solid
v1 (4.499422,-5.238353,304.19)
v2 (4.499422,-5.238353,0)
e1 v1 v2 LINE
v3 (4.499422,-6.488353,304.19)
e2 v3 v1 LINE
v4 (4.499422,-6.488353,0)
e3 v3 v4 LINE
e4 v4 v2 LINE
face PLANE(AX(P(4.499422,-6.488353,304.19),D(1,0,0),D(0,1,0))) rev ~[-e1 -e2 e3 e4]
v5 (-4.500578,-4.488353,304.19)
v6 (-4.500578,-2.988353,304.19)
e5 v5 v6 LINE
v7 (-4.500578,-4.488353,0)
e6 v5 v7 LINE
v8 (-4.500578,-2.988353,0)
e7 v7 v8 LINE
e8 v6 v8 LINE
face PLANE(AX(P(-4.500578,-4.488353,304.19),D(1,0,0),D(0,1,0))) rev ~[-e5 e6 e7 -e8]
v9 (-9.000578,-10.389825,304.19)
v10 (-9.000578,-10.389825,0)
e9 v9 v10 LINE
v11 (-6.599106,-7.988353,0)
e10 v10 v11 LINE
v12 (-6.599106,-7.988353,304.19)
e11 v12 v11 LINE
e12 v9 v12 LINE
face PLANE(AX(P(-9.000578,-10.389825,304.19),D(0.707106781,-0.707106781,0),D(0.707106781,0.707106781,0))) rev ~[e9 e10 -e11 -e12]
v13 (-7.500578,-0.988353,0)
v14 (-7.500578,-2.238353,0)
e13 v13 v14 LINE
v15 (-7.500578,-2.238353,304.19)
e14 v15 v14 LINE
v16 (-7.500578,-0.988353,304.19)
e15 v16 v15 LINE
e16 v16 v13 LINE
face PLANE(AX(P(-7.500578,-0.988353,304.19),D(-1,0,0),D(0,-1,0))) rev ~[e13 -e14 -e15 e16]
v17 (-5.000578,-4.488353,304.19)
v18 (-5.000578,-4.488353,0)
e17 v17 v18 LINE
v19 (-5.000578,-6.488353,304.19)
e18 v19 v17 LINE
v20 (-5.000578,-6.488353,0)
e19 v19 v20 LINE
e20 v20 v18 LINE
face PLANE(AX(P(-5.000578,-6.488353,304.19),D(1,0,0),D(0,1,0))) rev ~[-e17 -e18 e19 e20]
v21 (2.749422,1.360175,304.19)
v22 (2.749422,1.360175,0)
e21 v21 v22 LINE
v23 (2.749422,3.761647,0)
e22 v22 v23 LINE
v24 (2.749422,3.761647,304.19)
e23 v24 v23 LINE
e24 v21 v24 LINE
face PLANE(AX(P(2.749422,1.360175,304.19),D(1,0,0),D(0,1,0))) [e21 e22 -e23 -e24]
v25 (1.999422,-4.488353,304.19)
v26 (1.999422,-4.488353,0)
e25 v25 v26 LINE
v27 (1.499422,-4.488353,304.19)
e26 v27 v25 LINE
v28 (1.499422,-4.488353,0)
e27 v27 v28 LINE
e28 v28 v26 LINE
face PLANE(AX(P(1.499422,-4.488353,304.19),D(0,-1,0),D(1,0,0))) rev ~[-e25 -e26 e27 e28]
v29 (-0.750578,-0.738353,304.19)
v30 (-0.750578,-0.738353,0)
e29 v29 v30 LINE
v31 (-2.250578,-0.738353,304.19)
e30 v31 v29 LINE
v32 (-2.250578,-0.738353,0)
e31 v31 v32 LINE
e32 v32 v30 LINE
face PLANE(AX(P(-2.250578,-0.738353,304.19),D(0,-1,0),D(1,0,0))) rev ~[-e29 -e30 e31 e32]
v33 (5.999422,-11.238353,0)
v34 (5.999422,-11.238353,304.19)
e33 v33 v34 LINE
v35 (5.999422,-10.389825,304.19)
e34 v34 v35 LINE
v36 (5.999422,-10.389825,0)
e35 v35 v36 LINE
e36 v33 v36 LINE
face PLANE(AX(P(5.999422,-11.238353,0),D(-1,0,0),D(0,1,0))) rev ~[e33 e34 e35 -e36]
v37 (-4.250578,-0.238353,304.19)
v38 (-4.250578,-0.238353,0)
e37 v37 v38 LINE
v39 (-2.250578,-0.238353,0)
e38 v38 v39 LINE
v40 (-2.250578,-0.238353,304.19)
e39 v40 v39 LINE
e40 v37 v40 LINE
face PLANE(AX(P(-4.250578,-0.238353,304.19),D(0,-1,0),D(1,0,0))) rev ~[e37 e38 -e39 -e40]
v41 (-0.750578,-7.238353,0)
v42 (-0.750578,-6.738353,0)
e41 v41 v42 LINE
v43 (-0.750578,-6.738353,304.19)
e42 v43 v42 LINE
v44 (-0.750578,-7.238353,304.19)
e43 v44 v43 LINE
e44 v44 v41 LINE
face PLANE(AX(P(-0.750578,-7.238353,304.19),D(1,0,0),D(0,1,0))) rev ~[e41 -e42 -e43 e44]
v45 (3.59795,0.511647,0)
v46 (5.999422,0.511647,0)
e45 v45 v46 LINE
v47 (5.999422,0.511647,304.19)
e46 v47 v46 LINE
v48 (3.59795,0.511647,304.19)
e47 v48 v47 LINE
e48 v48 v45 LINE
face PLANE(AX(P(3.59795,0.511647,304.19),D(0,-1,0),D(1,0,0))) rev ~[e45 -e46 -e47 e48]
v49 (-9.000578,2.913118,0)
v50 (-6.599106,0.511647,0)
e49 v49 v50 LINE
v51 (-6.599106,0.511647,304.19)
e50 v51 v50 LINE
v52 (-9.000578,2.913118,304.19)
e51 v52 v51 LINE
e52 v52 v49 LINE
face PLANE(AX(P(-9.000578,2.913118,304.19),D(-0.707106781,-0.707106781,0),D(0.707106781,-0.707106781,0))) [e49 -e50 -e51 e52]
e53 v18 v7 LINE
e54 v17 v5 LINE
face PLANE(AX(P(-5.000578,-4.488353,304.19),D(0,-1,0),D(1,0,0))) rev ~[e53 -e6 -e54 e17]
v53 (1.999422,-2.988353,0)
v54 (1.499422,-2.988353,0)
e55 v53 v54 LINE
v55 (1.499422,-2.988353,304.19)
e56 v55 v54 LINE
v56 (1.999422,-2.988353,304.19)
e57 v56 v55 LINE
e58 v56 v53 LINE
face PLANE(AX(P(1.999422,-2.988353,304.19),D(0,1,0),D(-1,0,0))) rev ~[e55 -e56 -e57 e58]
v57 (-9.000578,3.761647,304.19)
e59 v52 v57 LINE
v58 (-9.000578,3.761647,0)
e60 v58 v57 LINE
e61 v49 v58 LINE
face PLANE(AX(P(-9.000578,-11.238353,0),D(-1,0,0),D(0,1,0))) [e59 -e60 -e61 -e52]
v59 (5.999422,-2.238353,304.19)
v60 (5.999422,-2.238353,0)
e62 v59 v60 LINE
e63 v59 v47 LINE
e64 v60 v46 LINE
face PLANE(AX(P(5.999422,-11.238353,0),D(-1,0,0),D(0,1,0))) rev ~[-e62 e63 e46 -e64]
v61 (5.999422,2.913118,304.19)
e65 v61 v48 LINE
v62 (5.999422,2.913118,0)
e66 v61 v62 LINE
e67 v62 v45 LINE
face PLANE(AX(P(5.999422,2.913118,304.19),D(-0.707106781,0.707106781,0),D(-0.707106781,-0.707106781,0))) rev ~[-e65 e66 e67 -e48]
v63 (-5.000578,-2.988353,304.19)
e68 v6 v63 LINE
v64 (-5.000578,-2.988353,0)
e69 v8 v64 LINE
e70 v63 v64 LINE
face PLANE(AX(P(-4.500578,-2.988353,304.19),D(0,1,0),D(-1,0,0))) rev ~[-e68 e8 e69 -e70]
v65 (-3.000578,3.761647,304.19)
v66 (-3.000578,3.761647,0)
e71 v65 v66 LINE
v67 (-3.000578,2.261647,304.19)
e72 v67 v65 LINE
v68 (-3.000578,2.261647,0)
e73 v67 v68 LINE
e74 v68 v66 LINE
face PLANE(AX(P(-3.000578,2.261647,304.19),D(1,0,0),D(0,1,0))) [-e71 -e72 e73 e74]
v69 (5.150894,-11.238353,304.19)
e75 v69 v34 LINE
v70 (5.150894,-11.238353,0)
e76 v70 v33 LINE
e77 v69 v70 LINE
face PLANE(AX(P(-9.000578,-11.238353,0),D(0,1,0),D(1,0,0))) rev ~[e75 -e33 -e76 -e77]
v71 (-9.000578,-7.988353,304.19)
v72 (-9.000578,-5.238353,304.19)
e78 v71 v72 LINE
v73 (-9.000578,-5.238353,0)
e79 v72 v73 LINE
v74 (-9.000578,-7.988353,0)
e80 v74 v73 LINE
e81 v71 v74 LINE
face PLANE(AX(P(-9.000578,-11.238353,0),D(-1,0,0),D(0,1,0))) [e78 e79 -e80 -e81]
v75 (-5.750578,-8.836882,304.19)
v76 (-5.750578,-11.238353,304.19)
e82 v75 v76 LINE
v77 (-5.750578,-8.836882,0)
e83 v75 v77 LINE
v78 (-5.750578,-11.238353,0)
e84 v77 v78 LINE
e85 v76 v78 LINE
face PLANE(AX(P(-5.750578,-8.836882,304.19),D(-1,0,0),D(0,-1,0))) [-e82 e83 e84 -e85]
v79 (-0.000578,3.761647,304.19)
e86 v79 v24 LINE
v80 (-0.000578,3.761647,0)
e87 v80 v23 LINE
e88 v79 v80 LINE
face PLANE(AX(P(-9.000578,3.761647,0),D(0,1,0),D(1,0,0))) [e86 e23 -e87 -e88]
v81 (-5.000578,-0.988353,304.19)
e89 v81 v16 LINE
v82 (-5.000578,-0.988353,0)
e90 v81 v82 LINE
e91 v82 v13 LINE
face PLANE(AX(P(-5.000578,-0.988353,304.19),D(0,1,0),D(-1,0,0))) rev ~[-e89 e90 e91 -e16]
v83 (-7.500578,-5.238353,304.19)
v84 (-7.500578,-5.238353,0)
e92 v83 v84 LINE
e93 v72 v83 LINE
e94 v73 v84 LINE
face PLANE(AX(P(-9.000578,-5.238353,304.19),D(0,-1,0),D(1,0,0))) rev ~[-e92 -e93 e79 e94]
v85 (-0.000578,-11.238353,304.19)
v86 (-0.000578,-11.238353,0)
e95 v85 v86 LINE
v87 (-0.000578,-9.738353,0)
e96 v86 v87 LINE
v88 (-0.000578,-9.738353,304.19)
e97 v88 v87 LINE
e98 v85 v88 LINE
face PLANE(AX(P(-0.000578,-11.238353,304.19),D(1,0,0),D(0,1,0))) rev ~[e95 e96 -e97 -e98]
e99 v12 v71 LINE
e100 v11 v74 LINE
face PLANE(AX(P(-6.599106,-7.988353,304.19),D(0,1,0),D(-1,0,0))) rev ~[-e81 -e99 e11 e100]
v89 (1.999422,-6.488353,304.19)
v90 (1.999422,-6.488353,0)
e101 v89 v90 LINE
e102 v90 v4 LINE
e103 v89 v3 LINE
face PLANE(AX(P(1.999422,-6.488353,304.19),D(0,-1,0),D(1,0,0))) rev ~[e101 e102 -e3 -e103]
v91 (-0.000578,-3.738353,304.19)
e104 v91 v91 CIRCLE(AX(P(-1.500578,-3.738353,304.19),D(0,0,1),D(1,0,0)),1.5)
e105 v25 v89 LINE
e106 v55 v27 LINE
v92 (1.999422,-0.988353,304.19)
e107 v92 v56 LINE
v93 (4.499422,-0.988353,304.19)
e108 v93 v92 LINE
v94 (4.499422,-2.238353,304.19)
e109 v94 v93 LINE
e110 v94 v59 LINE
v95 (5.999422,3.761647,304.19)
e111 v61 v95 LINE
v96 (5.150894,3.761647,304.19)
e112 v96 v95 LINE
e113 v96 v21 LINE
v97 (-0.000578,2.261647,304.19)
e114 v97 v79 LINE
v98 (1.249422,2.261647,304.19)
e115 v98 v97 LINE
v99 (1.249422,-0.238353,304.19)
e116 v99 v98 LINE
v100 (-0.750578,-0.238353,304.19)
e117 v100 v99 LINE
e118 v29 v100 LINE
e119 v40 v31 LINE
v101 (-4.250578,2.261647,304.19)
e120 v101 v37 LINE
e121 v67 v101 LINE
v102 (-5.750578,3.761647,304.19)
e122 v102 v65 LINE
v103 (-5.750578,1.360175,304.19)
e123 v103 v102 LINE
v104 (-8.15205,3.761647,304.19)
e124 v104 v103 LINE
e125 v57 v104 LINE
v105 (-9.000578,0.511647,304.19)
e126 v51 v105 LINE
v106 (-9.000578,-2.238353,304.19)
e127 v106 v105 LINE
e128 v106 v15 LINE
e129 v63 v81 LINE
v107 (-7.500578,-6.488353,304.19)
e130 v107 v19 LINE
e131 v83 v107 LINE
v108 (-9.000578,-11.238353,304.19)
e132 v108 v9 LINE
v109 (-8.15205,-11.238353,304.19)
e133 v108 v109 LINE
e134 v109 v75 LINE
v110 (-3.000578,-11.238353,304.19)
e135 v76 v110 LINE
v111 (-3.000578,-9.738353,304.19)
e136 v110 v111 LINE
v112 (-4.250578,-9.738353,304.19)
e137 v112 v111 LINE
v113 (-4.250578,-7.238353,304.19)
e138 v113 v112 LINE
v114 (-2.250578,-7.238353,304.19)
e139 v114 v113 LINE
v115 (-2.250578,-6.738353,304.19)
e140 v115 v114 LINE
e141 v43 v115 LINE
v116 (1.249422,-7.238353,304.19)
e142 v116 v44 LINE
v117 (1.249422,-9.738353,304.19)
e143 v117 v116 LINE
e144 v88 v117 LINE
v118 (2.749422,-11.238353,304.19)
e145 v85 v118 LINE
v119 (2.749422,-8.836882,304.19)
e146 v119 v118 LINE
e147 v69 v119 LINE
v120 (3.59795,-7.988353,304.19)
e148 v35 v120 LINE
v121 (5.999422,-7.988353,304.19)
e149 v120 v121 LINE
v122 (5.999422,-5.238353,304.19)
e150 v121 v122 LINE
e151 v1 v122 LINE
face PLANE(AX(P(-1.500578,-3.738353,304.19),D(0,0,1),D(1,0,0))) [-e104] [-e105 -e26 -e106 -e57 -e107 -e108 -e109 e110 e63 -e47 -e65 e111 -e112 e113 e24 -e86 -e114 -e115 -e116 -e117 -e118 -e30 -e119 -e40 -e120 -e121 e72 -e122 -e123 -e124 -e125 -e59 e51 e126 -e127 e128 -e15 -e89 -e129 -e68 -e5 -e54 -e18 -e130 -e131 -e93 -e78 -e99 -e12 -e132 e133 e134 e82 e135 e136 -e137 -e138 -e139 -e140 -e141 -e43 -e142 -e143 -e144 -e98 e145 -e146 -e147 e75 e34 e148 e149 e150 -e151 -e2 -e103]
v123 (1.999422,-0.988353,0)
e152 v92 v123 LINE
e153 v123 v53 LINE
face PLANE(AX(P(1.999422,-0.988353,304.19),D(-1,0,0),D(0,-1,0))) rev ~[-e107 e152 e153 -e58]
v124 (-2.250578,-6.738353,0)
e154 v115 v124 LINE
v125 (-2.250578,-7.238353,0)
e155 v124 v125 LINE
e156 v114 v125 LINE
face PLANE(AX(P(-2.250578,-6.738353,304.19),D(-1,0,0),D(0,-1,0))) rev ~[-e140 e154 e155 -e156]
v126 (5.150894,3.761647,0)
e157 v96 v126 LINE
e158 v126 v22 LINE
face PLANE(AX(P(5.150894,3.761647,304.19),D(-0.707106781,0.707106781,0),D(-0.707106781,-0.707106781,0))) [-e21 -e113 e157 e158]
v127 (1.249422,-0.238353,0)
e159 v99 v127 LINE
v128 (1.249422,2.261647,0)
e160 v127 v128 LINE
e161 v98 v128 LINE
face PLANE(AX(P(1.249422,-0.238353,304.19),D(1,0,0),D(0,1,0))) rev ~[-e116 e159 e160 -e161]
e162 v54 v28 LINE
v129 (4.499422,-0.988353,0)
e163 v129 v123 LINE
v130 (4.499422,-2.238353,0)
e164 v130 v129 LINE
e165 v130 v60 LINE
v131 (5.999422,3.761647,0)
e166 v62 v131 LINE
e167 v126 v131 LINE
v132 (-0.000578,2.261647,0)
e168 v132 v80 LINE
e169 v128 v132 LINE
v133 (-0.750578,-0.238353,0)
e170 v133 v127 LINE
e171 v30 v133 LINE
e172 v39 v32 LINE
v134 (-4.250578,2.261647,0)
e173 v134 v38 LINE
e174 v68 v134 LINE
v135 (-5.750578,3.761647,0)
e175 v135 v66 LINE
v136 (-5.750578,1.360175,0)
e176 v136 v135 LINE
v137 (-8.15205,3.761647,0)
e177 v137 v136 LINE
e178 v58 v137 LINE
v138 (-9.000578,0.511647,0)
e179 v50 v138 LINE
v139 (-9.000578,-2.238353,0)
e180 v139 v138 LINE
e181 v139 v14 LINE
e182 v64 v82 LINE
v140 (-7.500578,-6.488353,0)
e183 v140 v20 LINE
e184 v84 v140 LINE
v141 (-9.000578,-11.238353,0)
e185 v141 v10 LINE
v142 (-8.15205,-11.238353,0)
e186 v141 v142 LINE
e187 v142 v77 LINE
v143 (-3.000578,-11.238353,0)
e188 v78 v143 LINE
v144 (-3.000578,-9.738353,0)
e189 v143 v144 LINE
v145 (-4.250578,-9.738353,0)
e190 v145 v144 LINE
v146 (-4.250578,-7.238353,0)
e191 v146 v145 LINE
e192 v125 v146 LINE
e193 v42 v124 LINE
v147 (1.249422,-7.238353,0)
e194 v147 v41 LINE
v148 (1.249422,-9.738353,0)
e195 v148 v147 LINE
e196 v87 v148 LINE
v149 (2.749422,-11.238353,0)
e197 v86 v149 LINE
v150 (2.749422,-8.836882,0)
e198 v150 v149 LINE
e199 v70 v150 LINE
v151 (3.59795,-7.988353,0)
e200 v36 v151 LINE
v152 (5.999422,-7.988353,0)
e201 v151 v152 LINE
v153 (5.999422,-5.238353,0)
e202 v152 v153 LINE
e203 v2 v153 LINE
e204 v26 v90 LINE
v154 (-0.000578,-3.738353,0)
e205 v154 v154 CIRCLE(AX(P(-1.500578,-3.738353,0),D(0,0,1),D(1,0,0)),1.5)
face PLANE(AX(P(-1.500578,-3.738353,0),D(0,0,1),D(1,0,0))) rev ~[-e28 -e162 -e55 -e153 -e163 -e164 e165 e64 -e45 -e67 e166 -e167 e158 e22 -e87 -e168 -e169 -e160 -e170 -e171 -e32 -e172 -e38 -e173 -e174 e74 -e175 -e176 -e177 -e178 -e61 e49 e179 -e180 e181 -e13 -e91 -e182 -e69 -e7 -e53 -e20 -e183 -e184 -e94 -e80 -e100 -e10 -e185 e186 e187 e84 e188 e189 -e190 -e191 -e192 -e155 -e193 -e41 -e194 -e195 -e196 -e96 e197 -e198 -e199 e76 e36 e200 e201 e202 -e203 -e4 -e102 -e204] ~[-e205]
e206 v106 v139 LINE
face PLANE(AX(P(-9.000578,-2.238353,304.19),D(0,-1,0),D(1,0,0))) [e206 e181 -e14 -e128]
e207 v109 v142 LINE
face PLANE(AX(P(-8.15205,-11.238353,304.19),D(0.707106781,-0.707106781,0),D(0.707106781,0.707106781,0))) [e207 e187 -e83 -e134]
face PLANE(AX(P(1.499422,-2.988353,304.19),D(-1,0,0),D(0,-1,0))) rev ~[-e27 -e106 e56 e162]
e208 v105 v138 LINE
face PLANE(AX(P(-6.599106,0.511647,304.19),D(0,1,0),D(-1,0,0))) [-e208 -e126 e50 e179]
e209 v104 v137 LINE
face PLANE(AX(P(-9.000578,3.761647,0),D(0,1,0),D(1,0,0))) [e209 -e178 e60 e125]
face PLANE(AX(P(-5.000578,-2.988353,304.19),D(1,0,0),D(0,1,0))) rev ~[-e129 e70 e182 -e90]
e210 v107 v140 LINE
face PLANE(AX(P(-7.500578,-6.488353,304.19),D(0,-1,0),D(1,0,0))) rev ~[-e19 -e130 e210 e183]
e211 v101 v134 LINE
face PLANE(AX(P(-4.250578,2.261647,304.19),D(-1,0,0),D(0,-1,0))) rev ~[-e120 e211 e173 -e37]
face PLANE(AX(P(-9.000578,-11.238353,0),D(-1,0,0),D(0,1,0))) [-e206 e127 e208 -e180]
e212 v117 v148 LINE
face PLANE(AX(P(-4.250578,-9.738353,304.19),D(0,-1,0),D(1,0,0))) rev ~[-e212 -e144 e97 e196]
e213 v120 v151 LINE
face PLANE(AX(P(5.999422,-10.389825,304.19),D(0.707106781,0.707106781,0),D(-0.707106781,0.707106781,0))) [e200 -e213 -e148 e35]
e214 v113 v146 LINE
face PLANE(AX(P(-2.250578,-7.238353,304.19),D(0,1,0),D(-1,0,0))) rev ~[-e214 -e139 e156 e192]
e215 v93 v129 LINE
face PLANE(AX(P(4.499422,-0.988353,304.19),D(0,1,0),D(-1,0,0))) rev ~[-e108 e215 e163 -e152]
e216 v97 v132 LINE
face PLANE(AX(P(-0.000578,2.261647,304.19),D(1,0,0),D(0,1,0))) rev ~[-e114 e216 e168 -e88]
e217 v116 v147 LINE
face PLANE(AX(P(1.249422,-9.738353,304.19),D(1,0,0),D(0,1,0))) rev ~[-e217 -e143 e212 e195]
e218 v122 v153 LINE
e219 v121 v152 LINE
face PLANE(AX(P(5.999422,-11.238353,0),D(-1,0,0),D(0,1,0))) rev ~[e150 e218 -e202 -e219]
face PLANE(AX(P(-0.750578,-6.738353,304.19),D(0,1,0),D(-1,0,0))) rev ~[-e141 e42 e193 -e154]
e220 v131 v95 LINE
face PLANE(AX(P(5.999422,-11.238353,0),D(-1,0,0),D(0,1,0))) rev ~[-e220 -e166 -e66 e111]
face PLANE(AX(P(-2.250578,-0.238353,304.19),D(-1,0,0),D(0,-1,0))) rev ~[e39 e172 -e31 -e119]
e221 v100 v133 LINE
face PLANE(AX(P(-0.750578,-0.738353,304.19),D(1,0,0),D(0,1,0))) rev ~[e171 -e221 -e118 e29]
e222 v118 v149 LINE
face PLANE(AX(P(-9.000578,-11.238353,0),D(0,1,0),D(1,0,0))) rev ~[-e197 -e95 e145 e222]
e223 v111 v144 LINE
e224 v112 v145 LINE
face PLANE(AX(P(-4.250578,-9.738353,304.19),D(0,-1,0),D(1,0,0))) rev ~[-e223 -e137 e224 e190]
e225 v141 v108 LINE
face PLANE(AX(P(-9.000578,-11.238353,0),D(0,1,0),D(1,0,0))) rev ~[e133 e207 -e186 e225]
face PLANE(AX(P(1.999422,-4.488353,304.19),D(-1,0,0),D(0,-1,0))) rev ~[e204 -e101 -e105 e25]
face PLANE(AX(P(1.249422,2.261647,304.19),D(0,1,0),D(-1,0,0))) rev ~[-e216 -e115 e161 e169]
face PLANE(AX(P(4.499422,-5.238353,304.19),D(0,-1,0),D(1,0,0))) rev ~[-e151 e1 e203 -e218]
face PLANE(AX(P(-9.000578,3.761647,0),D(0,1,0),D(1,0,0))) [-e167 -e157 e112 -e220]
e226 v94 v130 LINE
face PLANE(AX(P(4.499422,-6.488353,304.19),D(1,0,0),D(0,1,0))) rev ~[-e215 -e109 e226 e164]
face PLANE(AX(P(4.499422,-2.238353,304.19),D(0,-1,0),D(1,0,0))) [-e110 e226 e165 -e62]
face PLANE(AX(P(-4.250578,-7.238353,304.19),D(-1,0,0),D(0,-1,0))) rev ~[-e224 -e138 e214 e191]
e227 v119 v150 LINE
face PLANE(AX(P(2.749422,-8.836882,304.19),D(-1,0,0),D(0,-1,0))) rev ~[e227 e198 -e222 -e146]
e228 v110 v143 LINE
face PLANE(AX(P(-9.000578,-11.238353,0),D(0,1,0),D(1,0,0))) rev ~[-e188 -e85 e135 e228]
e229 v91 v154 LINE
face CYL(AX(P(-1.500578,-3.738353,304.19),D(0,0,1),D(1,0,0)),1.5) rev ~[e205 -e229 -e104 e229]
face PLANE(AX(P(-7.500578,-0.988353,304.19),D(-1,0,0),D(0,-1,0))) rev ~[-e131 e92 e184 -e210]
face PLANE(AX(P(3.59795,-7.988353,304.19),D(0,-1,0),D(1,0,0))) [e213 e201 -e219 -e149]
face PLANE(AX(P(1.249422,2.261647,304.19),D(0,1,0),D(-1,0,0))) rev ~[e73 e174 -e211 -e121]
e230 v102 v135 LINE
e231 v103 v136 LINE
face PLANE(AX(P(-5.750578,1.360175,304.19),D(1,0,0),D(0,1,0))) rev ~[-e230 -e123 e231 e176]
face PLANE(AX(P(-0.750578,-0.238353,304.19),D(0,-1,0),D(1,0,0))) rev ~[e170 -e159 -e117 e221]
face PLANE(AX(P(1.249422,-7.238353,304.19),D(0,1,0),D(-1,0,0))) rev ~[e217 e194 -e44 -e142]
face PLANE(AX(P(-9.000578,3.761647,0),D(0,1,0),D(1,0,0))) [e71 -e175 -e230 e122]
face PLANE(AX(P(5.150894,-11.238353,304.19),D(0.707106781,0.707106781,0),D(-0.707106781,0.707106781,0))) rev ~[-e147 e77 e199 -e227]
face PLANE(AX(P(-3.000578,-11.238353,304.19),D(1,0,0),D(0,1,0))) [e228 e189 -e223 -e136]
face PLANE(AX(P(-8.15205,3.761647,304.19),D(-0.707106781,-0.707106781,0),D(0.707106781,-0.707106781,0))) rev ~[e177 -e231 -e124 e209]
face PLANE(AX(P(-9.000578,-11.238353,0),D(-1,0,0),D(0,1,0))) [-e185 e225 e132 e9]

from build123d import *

# Parameters (mm, degrees)
SKETCH1_W           = 15
SKETCH1_H           = 15
BOSS_EXTRUDE1_DEPTH = 304.19
SKETCH2_R           = 1.5
CUT_EXTRUDE1_DEPTH  = 304.19
SKETCH3_W           = 3
SKETCH3_H           = 1.5
SKETCH3_W_2         = 1.5
SKETCH3_H_2         = 3
CUT_EXTRUDE2_DEPTH  = 304.19


with BuildPart() as part:
    # Sketch1 → Boss-Extrude1 (new body)
    with BuildSketch(Plane.XY):
        with Locations((-1.500578266, -3.738353388)):
            Rectangle(SKETCH1_W, SKETCH1_H)
    extrude(amount=BOSS_EXTRUDE1_DEPTH)

    # Sketch2 → Cut-Extrude1 (cut)
    with BuildSketch(Plane.XY.offset(304.19)):
        with Locations((-1.500578266, -3.738353388)):
            Circle(SKETCH2_R)
        Polygon((1.999421734, -4.488353388), (1.999421734, -6.488353388), (4.499421734, -6.488353388), (4.499421734, -0.988353388), (1.999421734, -0.988353388), (1.999421734, -2.988353388), (1.499421734, -2.988353388), (1.499421734, -4.488353388), align=None)
        Polygon((-4.250578266, -7.238353388), (-4.250578266, -9.738353388), (1.249421734, -9.738353388), (1.249421734, -7.238353388), (-0.750578266, -7.238353388), (-0.750578266, -6.738353388), (-2.250578266, -6.738353388), (-2.250578266, -7.238353388), align=None)
        Polygon((-5.000578266, -0.988353388), (-7.500578266, -0.988353388), (-7.500578266, -6.488353388), (-5.000578266, -6.488353388), (-5.000578266, -4.488353388), (-4.500578266, -4.488353388), (-4.500578266, -2.988353388), (-5.000578266, -2.988353388), align=None)
        Polygon((1.249421734, -0.238353388), (1.249421734, 2.261646612), (-4.250578266, 2.261646612), (-4.250578266, -0.238353388), (-2.250578266, -0.238353388), (-2.250578266, -0.738353388), (-0.750578266, -0.738353388), (-0.750578266, -0.238353388), align=None)
    extrude(amount=-CUT_EXTRUDE1_DEPTH, mode=Mode.SUBTRACT)

    # Sketch3 → Cut-Extrude2 (cut)
    with BuildSketch(Plane.XY.offset(304.19)):
        Polygon((5.150893596, 3.761646612), (2.749421734, 1.360174749), (2.749421734, 3.761646612), align=None)
        Polygon((5.999421734, 0.511646612), (5.999421734, 2.913118474), (3.597949871, 0.511646612), align=None)
        with Locations((-1.500578266, 3.011646612)):
            Rectangle(SKETCH3_W, SKETCH3_H)
        Polygon((2.749421734, -8.836881526), (2.749421734, -11.238353388), (5.150893596, -11.238353388), align=None)
        Polygon((5.999421734, -10.389825251), (3.597949871, -7.988353388), (5.999421734, -7.988353388), align=None)
        with Locations((5.249421734, -3.738353388)):
            Rectangle(SKETCH3_W_2, SKETCH3_H_2)
        Polygon((-6.599106404, -7.988353388), (-9.000578266, -7.988353388), (-9.000578266, -10.389825251), align=None)
        Polygon((-8.152050129, -11.238353388), (-5.750578266, -8.836881526), (-5.750578266, -11.238353388), align=None)
        with Locations((-1.500578266, -10.488353388)):
            Rectangle(SKETCH3_W, SKETCH3_H)
        Polygon((-5.750578266, 1.360174749), (-5.750578266, 3.761646612), (-8.152050129, 3.761646612), align=None)
        Polygon((-9.000578266, 2.913118474), (-6.599106404, 0.511646612), (-9.000578266, 0.511646612), align=None)
        with Locations((-8.250578266, -3.738353388)):
            Rectangle(SKETCH3_W_2, SKETCH3_H_2)
    extrude(amount=-CUT_EXTRUDE2_DEPTH, mode=Mode.SUBTRACT)


solid = part.part
